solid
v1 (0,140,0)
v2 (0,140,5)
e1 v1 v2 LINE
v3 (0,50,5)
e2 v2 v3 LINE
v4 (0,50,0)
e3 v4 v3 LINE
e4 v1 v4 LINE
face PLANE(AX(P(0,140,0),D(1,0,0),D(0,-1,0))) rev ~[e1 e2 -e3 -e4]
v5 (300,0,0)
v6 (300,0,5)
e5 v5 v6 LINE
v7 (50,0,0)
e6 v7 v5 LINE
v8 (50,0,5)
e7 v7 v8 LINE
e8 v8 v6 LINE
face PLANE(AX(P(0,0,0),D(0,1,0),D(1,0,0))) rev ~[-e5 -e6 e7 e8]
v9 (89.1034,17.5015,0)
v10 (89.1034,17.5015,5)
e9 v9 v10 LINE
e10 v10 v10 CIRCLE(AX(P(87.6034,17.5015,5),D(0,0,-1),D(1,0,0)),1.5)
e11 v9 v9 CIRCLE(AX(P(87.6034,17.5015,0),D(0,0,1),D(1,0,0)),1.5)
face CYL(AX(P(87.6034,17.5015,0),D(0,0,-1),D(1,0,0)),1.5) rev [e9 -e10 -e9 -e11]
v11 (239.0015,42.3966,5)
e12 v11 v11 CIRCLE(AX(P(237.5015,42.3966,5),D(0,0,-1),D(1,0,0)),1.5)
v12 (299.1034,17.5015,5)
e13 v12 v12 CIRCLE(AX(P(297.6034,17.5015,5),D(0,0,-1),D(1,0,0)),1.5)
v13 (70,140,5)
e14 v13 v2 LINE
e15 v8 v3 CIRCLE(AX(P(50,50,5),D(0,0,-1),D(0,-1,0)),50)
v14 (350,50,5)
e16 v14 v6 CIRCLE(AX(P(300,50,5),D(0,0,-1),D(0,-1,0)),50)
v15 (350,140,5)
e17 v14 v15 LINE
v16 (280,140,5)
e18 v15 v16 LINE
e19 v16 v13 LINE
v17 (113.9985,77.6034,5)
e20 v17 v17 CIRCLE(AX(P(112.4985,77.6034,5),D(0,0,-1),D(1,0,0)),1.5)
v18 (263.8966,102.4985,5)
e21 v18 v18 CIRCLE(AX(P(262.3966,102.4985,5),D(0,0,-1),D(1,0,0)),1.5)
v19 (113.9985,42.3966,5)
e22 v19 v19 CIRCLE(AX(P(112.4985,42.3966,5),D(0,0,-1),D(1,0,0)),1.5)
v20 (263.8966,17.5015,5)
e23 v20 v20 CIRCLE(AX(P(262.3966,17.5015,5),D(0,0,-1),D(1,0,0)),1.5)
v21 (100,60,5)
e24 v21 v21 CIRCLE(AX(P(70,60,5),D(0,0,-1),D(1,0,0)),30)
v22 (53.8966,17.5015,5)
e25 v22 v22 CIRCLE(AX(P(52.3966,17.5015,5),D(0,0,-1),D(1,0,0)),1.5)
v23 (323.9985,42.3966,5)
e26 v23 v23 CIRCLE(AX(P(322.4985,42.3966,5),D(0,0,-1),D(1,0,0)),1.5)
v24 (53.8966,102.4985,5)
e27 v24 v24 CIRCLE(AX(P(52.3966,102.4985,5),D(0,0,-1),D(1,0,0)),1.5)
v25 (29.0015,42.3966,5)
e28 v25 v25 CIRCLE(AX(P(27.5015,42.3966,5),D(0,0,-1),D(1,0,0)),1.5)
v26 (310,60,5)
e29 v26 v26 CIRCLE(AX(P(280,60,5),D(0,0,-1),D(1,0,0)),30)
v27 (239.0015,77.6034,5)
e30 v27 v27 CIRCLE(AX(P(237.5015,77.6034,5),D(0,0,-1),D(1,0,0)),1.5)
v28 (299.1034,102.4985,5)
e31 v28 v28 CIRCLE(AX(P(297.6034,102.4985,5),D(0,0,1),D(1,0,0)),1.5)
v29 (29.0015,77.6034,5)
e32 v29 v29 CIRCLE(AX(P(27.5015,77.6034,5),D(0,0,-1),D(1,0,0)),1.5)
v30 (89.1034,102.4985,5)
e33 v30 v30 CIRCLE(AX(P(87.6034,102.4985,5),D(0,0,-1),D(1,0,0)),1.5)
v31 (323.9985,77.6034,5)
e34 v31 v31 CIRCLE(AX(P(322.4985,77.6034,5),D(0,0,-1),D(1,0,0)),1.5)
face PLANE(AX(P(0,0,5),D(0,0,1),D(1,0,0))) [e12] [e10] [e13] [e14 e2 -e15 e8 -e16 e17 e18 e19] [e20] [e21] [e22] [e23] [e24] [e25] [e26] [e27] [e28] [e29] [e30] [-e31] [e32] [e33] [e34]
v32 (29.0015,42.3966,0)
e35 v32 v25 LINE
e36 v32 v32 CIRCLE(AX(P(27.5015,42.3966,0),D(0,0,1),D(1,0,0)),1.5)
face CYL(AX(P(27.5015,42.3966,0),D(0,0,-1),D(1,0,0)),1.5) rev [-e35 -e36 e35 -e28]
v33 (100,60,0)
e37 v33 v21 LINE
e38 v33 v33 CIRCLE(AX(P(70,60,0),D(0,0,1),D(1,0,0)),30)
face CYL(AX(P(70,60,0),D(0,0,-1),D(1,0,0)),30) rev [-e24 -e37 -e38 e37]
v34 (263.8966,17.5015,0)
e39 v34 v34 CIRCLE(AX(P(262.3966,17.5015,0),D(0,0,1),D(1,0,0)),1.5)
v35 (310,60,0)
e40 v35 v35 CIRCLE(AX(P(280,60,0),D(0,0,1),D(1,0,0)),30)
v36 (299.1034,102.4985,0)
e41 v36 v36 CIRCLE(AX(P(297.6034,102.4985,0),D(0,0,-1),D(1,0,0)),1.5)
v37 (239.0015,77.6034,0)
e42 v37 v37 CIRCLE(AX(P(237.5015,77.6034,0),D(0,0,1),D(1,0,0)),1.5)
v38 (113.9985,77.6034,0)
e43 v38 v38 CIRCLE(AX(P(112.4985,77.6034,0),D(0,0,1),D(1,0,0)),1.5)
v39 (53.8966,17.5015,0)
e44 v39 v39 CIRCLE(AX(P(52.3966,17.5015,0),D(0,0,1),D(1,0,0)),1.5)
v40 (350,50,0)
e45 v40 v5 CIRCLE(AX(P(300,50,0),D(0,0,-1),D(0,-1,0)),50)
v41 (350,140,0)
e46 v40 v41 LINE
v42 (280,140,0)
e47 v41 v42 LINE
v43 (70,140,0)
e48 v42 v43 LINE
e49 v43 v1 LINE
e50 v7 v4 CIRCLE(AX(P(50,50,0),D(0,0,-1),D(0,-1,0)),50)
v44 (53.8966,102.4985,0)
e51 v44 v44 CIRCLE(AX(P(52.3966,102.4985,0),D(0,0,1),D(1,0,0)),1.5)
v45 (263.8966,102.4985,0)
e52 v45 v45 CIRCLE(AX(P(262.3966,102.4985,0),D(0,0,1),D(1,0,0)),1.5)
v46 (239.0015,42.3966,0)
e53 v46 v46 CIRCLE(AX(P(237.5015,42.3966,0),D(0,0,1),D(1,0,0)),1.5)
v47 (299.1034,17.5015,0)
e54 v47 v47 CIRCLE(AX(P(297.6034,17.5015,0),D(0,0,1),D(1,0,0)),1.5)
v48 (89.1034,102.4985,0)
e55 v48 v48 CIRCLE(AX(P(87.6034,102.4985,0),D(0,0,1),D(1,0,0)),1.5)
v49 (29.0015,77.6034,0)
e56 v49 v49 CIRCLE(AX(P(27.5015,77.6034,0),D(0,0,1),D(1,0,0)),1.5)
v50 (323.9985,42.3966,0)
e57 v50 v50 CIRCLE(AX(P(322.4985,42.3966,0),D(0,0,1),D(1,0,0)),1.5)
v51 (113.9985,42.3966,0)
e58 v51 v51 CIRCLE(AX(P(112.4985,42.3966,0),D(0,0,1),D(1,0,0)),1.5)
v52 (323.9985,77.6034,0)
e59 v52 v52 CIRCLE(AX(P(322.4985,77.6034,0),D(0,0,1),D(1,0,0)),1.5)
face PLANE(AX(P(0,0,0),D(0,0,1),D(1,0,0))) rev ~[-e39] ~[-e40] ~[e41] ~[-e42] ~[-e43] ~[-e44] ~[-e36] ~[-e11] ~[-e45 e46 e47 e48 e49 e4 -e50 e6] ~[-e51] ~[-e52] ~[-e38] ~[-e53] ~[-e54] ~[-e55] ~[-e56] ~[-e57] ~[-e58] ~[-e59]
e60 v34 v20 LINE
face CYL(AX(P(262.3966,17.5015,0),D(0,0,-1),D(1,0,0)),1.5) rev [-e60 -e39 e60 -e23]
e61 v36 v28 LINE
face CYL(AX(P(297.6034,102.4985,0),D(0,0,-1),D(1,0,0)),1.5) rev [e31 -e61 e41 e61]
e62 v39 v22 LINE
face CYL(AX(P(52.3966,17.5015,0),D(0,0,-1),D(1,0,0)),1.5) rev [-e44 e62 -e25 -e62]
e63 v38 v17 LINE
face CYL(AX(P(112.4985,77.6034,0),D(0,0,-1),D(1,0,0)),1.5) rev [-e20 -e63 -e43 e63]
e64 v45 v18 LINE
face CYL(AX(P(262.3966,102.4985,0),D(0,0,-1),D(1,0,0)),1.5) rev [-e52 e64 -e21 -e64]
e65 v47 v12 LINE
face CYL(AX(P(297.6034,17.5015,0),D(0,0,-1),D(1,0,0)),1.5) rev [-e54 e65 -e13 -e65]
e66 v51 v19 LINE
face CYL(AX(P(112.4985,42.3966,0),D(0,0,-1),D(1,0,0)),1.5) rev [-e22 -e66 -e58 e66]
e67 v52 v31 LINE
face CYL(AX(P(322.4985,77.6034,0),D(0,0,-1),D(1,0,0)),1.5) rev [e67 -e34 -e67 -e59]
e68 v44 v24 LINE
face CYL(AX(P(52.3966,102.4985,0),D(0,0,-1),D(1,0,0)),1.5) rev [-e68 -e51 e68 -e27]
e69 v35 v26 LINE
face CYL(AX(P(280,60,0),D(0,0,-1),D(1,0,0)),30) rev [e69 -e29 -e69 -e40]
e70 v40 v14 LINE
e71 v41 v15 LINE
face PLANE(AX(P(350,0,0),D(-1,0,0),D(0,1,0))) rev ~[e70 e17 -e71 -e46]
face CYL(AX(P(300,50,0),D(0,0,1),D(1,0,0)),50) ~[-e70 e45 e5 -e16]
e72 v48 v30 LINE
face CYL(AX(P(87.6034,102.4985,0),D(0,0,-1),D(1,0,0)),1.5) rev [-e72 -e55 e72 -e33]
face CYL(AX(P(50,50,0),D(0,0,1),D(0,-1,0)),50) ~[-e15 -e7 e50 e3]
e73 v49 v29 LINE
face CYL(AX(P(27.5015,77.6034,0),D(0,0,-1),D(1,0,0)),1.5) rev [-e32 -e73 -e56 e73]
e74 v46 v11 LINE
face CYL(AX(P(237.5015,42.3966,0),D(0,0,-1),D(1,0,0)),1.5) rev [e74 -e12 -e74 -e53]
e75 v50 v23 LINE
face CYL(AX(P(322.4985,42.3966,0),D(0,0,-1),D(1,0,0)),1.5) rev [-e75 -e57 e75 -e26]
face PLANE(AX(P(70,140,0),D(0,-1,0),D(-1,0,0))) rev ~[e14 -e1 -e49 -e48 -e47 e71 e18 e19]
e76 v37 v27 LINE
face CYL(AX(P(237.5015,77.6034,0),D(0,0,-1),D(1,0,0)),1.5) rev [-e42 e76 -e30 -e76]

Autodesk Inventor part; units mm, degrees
ref_plane "YZ Plane" through (0, 0, 0) normal (1, 0, 0) x (0, 1, 0)
ref_plane "XZ Plane" through (0, 0, 0) normal (0, 1, 0) x (-1, 0, 0)
ref_plane "XY Plane" through (0, 0, 0) normal (0, 0, 1) x (1, 0, 0)
sketch "スケッチ1" plane through (0, 0, 0) normal (0, 0, 1) x (1, 0, 0)
  line L0 (0, 0) -> (350, 0)
  line L1 (350, 0) -> (350, 140)
  line L2 (350, 140) -> (0, 140)
  circle A0 centre (70, 60) radius 46
  circle A1 centre (280, 60) radius 46
  line L3 (0, 140) -> (0, 0)
  line L4 (70, 60) -> (70, 156.3161)
  line L5 (280, 60) -> (280, 147.5689)
  line L6 (70, 60) -> (45.2011, 119.8698)
  line L7 (280, 60) -> (258.2896, 112.4136)
  circle A2 centre (52.3966, 102.4985) radius 1.5
  circle A3 centre (262.3966, 102.4985) radius 1.5
  circle A4 centre (27.5015, 77.6034) radius 1.5
  circle A5 centre (27.5015, 42.3966) radius 1.5
  circle A6 centre (52.3966, 17.5015) radius 1.5
  circle A7 centre (87.6034, 17.5015) radius 1.5
  circle A8 centre (112.4985, 42.3966) radius 1.5
  circle A9 centre (112.4985, 77.6034) radius 1.5
  circle A10 centre (87.6034, 102.4985) radius 1.5
  circle A11 centre (237.5015, 77.6034) radius 1.5
  circle A12 centre (237.5015, 42.3966) radius 1.5
  circle A13 centre (262.3966, 17.5015) radius 1.5
  circle A14 centre (297.6034, 17.5015) radius 1.5
  circle A15 centre (322.4985, 42.3966) radius 1.5
  circle A16 centre (322.4985, 77.6034) radius 1.5
  circle A17 centre (297.6034, 102.4985) radius 1.5
  circle A18 centre (70, 60) radius 30
  circle A19 centre (280, 60) radius 30
  dimension "d5" = 92
  dimension "d6" = 92
  dimension "d0" = 350
  dimension "d1" = 140
  dimension "d2" = 60
  dimension "d3" = 60
  dimension "d9" = 70
  dimension "d10" = 70
  dimension "d11" = 22.5
  dimension "d12" = 22.5
  dimension "d13" = 3
  dimension "d14" = 3
  dimension "d17" = 360
  dimension "d21" = 360
  dimension "d23" = 60
  dimension "d24" = 60
extrude "押し出し1" add sketch "スケッチ1" along normal blind 5 contours A1 A17 A16 A15 A14 A13 A12 A11 A3 L7 A19 L5 | L5 A19 L7 A3 A1 | A0 A10 A9 A8 A7 A6 A5 A4 A2 L6 A18 L4 | L4 A18 L6 A2 A0 | L3 L2 L1 L0
fillet "フィレット2" radius 50 2 edges at (350, 0, 2.5) (0, 0, 2.5)
equation "\"d6\" = d5"
equation "\"d2\" = d3"
equation "\"d10\" = d9"
properties part number "b_right-wr2left-wr__legparts_09(six)"
